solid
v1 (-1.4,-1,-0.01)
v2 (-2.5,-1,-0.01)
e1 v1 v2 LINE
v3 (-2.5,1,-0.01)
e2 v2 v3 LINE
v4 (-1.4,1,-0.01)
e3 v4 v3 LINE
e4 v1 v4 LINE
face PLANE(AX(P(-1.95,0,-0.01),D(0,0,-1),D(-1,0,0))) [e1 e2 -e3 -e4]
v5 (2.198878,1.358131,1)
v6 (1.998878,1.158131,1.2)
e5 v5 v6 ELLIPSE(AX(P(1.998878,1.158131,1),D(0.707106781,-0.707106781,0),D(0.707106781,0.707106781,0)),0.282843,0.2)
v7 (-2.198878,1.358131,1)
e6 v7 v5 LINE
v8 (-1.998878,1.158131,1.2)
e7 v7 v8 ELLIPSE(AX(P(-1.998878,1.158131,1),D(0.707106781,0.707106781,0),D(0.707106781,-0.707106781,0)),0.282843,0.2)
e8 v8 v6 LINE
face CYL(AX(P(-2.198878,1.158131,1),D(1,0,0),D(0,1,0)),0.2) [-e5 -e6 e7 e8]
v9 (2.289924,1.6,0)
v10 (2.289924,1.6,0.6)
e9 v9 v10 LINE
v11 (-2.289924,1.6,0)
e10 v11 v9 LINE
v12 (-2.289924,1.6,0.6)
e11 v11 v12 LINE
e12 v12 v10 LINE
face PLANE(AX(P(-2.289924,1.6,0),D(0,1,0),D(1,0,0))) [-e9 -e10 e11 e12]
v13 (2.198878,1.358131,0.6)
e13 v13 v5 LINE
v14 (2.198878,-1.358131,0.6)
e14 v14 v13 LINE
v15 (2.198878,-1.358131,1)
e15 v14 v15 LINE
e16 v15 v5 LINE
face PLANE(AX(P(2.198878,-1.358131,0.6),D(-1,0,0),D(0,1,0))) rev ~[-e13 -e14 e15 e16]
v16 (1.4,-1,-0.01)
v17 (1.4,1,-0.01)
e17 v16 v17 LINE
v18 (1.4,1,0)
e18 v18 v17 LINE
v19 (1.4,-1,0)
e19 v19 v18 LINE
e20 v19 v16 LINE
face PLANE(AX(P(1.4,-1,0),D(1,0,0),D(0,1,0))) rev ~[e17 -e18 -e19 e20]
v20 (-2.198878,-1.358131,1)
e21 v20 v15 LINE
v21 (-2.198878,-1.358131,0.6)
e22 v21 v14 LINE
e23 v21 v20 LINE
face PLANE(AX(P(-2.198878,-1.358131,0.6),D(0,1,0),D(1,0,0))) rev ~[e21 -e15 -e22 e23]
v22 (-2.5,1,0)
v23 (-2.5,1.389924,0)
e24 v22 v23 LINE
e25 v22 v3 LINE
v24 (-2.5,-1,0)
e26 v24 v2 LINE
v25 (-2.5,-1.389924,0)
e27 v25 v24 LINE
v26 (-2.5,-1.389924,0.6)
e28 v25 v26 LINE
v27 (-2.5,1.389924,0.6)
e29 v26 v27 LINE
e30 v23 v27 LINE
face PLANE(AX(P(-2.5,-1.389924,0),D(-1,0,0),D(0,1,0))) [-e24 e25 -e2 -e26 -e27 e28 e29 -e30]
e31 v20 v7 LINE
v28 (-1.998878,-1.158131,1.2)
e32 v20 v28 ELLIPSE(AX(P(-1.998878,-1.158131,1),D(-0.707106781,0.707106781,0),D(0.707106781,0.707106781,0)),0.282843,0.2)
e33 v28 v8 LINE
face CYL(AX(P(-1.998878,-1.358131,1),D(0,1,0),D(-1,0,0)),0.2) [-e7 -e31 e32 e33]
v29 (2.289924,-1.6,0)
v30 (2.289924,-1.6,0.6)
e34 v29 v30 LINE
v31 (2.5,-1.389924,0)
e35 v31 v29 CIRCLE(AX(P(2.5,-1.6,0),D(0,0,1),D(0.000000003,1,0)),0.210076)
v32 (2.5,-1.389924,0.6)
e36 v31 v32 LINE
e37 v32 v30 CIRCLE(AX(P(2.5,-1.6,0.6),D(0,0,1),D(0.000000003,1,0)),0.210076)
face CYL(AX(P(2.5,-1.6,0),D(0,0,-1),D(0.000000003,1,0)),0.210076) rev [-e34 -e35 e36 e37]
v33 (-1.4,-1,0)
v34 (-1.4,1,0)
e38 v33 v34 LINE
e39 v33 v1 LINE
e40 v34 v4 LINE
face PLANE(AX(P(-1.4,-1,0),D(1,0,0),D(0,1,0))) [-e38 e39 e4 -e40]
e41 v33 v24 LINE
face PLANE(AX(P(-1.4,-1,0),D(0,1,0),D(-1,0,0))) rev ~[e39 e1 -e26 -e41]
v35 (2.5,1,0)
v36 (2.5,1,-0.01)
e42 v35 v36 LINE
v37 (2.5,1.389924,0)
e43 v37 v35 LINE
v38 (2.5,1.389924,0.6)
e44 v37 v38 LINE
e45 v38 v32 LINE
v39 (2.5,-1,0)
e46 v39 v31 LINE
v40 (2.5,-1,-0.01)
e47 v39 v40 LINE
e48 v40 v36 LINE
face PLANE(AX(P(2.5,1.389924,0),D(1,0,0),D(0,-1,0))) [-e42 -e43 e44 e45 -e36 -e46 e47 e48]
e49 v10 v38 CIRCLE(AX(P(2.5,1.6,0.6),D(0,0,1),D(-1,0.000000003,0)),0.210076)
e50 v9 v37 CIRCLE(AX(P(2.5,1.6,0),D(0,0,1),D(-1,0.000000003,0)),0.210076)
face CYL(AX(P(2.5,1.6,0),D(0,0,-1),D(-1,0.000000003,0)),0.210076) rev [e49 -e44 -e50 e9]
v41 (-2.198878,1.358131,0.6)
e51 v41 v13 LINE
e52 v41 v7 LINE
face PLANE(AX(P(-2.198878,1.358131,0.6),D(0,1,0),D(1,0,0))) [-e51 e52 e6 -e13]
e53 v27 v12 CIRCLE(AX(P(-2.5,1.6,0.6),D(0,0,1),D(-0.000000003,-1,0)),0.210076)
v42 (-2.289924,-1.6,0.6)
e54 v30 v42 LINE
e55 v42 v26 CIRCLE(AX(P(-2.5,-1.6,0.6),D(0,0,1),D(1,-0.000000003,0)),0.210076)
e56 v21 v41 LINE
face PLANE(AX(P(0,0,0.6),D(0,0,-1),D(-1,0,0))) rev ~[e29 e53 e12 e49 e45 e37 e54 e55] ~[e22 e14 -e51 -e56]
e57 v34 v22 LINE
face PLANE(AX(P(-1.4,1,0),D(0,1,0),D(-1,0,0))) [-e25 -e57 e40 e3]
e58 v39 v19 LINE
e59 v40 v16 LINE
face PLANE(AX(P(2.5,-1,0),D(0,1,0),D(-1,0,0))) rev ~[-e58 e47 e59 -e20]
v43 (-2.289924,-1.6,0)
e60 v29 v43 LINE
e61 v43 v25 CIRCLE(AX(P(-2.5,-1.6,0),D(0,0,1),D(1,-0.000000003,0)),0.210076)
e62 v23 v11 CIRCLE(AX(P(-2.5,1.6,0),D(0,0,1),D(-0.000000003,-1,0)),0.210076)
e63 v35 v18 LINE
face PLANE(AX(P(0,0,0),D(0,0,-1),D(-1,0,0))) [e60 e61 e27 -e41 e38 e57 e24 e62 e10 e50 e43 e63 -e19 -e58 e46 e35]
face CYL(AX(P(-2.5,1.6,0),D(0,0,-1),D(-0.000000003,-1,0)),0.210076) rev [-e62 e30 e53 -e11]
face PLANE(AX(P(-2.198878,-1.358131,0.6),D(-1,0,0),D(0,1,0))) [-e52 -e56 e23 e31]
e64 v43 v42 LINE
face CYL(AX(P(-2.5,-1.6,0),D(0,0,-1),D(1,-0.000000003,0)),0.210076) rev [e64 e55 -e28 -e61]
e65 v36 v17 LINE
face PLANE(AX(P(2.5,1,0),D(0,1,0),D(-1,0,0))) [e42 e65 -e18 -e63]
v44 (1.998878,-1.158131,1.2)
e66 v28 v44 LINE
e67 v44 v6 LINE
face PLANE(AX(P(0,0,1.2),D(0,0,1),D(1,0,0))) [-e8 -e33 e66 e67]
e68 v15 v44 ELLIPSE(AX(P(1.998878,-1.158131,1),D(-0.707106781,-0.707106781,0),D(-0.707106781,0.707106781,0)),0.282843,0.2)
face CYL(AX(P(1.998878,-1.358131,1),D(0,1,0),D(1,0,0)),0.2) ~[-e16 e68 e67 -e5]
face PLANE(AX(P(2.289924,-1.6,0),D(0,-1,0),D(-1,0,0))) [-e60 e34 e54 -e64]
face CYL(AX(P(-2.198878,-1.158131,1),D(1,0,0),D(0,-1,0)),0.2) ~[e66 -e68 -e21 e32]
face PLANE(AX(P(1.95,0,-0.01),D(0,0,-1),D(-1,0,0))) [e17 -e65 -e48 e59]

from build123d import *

# Parameters (mm, degrees)
BOSS_EXTRUDE1_DEPTH = 0.6
SKETCH2_W           = 4.397756064
SKETCH2_H           = 2.716261098
BOSS_EXTRUDE2_DEPTH = 0.6
SKETCH3_W           = 1.1
SKETCH3_H           = 2
BOSS_EXTRUDE3_DEPTH = 0.01
FILLET1_R           = 0.2


with BuildPart() as part:
    # Sketch1 → Boss-Extrude1 (new body)
    with BuildSketch(Plane.XY):
        with BuildLine():
            Line((-2.289923712, 1.6), (2.289923712, 1.6))
            ThreePointArc((2.289923712, 1.6), (2.351453632, 1.451453632), (2.5, 1.389923712))
            Line((2.5, 1.389923712), (2.5, -1.389923712))
            ThreePointArc((2.5, -1.389923712), (2.351453632, -1.451453632), (2.289923712, -1.6))
            Line((2.289923712, -1.6), (-2.289923712, -1.6))
            ThreePointArc((-2.289923712, -1.6), (-2.351453632, -1.451453632), (-2.5, -1.389923712))
            Line((-2.5, -1.389923712), (-2.5, 1.389923712))
            ThreePointArc((-2.5, 1.389923712), (-2.351453632, 1.451453632), (-2.289923712, 1.6))
        make_face()
    extrude(amount=BOSS_EXTRUDE1_DEPTH)

    # Sketch2 → Boss-Extrude2 (add)
    with BuildSketch(Plane.XY.offset(0.6)):
        Rectangle(SKETCH2_W, SKETCH2_H)
    extrude(amount=BOSS_EXTRUDE2_DEPTH)

    # Sketch3 → Boss-Extrude3 (add)
    with BuildSketch(Plane(origin=(0, 0, 0), x_dir=(-1, 0, 0), z_dir=(0, 0, -1))):
        with Locations((-1.95, 0)):
            Rectangle(SKETCH3_W, SKETCH3_H)
        with Locations((1.95, 0)):
            Rectangle(SKETCH3_W, SKETCH3_H)
    extrude(amount=BOSS_EXTRUDE3_DEPTH)

    # Fillet1
    fillet1_edges = [part.edges().sort_by_distance(p)[0] for p in [
        (2.198878032, 0, 1.2),
        (0, 1.358130549, 1.2),
        (-2.198878032, 0, 1.2),
        (0, -1.358130549, 1.2),
    ]]
    fillet(fillet1_edges, radius=FILLET1_R)


solid = part.part
